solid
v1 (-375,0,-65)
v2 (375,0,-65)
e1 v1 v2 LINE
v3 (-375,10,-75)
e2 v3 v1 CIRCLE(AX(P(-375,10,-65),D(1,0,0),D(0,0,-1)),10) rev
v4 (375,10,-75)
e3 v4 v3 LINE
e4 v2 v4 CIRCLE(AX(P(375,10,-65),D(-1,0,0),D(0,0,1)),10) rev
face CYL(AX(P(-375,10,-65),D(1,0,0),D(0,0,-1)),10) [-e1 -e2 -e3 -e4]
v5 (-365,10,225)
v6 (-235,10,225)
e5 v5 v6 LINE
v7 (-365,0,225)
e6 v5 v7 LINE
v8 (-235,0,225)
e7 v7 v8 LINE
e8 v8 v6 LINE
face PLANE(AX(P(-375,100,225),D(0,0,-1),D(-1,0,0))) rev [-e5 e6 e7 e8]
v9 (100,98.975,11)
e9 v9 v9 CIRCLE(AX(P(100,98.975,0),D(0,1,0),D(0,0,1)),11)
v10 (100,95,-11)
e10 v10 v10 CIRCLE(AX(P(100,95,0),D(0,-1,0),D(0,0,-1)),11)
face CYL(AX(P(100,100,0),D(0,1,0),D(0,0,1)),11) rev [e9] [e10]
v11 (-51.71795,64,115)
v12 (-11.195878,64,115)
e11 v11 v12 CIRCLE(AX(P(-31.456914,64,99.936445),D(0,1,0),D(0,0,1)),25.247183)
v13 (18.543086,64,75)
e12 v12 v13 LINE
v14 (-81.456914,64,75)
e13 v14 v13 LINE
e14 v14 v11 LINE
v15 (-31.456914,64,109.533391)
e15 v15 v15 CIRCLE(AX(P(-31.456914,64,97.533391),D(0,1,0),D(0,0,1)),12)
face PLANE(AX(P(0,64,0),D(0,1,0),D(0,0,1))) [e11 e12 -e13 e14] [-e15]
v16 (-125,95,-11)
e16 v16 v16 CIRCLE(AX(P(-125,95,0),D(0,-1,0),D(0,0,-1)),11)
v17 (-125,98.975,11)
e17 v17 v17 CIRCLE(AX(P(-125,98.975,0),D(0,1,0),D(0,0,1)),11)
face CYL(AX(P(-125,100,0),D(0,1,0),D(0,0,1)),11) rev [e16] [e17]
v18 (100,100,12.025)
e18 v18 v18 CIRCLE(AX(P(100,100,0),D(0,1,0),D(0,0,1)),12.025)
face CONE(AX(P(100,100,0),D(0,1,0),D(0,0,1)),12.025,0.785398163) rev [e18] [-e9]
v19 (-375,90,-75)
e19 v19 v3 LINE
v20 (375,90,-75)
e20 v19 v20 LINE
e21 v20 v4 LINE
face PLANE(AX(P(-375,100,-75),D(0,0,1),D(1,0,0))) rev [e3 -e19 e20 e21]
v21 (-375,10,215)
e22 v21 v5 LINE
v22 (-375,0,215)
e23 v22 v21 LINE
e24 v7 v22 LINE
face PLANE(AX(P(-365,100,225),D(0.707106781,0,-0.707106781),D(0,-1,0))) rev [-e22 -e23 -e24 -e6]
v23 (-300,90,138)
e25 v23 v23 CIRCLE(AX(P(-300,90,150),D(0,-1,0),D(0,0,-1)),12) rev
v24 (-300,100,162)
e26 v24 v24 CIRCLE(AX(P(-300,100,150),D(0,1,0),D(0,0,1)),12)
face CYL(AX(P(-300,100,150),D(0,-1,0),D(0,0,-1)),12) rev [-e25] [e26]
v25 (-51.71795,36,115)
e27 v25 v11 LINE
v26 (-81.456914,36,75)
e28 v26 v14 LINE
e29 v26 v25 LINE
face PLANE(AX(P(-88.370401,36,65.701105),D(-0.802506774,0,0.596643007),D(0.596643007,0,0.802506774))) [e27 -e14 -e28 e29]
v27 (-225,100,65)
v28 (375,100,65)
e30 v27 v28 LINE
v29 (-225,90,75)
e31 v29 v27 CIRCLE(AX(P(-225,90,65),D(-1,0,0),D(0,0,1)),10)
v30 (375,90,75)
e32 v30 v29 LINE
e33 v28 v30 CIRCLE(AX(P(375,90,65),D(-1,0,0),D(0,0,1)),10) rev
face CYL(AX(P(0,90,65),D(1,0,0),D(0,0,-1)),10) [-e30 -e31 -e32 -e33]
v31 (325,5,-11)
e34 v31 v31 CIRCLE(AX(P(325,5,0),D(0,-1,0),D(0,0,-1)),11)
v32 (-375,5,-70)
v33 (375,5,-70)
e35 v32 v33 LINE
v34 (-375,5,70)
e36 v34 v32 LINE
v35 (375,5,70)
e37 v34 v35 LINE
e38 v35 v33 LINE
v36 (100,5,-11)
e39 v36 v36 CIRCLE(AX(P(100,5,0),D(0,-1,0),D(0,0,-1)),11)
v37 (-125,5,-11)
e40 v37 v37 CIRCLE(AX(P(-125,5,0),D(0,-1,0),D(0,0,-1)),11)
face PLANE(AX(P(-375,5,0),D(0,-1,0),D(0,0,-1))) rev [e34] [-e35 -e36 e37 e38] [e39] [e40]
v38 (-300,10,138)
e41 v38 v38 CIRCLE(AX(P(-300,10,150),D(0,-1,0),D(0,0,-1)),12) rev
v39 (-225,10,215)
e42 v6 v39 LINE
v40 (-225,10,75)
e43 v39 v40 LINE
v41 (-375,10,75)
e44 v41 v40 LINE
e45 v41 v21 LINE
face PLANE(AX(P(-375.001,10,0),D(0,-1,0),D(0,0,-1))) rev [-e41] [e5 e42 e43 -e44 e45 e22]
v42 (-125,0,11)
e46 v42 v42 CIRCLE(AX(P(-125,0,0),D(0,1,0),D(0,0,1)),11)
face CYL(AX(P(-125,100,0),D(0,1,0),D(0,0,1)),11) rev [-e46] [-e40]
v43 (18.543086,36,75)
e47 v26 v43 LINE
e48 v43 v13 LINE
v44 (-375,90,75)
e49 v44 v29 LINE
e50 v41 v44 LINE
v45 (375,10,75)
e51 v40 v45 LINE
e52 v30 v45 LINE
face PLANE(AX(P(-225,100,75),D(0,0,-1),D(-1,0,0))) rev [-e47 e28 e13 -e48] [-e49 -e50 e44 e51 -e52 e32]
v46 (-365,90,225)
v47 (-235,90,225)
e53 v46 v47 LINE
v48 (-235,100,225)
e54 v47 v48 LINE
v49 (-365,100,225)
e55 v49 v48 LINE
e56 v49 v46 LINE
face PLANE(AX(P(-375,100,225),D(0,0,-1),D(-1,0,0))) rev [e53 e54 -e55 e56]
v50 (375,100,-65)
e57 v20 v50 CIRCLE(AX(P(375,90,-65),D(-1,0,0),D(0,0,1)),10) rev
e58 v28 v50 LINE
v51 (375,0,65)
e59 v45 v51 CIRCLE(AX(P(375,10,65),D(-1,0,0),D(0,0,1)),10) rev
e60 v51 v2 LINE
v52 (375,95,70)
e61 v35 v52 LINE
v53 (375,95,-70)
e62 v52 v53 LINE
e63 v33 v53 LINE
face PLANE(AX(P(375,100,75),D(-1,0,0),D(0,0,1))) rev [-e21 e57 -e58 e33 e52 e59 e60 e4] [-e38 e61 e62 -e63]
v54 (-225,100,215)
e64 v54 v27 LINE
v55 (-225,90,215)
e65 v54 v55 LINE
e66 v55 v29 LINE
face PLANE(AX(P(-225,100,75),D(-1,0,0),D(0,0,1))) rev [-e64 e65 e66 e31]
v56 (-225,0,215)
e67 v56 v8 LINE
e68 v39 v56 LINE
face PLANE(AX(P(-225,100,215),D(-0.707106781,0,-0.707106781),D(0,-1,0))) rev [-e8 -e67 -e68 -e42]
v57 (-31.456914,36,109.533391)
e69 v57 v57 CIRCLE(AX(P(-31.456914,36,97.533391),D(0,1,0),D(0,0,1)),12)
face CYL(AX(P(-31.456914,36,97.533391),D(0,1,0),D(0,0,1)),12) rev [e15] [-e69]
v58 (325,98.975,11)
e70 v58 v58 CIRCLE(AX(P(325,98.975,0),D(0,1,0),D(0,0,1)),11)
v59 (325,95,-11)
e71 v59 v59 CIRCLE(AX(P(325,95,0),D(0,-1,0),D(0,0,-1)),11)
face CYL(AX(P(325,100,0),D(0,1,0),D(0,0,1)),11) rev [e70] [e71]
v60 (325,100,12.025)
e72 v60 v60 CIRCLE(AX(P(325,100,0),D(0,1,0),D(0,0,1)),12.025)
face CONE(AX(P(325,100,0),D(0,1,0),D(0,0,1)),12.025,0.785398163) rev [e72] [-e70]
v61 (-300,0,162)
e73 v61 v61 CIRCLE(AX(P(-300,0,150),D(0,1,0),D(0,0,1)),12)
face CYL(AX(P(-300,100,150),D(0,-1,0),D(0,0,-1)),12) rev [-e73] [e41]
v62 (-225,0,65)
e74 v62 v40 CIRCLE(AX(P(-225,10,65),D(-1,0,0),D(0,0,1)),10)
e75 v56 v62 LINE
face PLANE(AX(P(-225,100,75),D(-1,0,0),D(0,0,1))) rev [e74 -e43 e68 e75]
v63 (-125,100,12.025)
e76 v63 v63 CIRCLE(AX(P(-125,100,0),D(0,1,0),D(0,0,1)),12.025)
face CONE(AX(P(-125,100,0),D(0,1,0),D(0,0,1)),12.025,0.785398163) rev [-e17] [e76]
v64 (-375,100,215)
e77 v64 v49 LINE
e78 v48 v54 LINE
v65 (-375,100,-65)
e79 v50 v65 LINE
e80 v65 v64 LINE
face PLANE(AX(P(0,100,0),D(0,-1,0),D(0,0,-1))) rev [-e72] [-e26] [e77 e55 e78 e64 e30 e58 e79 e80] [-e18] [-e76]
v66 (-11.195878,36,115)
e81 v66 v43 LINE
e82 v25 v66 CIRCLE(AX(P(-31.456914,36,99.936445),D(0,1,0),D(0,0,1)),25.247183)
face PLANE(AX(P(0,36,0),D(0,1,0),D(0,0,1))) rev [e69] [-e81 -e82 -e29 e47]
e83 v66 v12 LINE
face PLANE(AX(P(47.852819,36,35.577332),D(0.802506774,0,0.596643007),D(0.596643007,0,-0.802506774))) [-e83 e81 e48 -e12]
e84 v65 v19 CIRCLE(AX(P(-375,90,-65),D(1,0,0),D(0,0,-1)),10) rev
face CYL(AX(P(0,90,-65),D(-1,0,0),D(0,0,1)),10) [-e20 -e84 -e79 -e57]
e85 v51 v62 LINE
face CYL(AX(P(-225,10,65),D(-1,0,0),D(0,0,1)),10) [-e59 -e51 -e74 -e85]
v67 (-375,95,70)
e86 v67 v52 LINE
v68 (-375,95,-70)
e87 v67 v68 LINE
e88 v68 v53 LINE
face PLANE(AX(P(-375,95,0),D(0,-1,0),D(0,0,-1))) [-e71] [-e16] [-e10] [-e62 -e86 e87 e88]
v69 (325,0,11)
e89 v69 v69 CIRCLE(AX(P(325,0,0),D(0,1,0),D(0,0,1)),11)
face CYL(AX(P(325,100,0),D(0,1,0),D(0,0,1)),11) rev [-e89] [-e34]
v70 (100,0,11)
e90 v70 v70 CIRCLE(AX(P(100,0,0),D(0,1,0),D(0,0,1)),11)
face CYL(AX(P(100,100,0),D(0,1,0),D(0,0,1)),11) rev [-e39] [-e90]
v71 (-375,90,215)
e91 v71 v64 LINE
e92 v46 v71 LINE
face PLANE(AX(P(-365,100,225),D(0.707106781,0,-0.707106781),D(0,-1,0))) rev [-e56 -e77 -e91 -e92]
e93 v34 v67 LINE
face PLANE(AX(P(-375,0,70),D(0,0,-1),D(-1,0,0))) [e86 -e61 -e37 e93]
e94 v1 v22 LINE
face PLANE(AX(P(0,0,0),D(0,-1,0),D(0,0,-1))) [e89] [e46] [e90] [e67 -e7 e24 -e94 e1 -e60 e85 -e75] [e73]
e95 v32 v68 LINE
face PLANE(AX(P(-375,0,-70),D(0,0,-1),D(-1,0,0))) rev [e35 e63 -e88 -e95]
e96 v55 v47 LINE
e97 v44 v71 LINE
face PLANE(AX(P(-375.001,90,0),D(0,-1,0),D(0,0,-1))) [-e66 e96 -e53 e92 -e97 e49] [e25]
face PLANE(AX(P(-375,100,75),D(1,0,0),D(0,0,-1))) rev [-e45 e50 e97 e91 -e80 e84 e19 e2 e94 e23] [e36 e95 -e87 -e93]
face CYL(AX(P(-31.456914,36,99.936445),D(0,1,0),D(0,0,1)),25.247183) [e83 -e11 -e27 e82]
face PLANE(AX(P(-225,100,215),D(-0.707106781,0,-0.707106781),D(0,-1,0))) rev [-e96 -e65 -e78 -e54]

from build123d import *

# Parameters (mm, degrees)
SKETCH1_R                        = 12
BOSS_EXTRUDE1_DEPTH              = 100
SKETCH2_W                        = 140
SKETCH2_H                        = 90
CUT_EXTRUDE1_DEPTH               = 790.382670192
CUT_EXTRUDE2_START               = 225
SKETCH3_W                        = 47.5
SKETCH3_H                        = 80
SKETCH3_W_2                      = 102.5
SKETCH3_W_3                      = 150
CUT_EXTRUDE2_DEPTH               = 150
FILLET2_R                        = 10
FILLET4_R                        = 10
CHAMFER1_SIZE                    = 10
M24X2_0_TAPPED_HOLE1_D           = 22
M24X2_0_TAPPED_HOLE1_CSINK_D     = 24.05
M24X2_0_TAPPED_HOLE1_CSINK_ANGLE = 90
BOSS_EXTRUDE3_START              = -36
SKETCH7_R                        = 12
BOSS_EXTRUDE3_DEPTH              = 28


with BuildPart() as part:
    # Sketch1 → Boss-Extrude1 (new body)
    with BuildSketch(Plane(origin=(0, 0, 0), x_dir=(1, 0, 0), z_dir=(0, 1, 0))):
        Polygon((-375, 75), (375, 75), (375, -75), (-225, -75), (-225, -225), (-375, -225), (-375, -75), align=None)
        with Locations(Location((-300, -150, 0), (0, 0, 270))):
            Circle(SKETCH1_R, mode=Mode.SUBTRACT)
    extrude(amount=BOSS_EXTRUDE1_DEPTH)

    # Sketch2 → Cut-Extrude1 (cut, through all)
    with BuildSketch(Plane(origin=(375, 0, 0), x_dir=(0, 0, -1), z_dir=(1, 0, 0))):
        with Locations((0, 50)):
            Rectangle(SKETCH2_W, SKETCH2_H)
    extrude(amount=-CUT_EXTRUDE1_DEPTH, mode=Mode.SUBTRACT)

    # Sketch3 → Cut-Extrude2 (cut)
    with BuildSketch(Plane.ZY.offset(CUT_EXTRUDE2_START)):
        with Locations((351.25, 50)):
            Rectangle(SKETCH3_W, SKETCH3_H)
        with Locations((276.25, 50)):
            Rectangle(SKETCH3_W_2, SKETCH3_H)
        with Locations((150, 50)):
            Rectangle(SKETCH3_W_3, SKETCH3_H)
    extrude(amount=CUT_EXTRUDE2_DEPTH, mode=Mode.SUBTRACT)

    # Fillet2
    fillet2_edges = [part.edges().sort_by_distance(p)[0] for p in [
        (0, 100, -75),
        (0, 0, -75),
    ]]
    fillet(fillet2_edges, radius=FILLET2_R)

    # Fillet4
    fillet4_edges = [part.edges().sort_by_distance(p)[0] for p in [
        (75, 100, 75),
        (75, 0, 75),
    ]]
    fillet(fillet4_edges, radius=FILLET4_R)

    # Chamfer1
    chamfer1_edges = [part.edges().sort_by_distance(p)[0] for p in [
        (-225, 95, 225),
        (-375, 95, 225),
        (-225, 5, 225),
        (-375, 5, 225),
    ]]
    chamfer(chamfer1_edges, length=CHAMFER1_SIZE)

    # M24x2.0 Tapped Hole1 (through all)
    with Locations(Plane(origin=(0, 100, 0), x_dir=(1, 0, 0), z_dir=(0, 1, 0))):
        with Locations((100, 0), (325, 0), (-125, 0)):
            CounterSinkHole(M24X2_0_TAPPED_HOLE1_D / 2, M24X2_0_TAPPED_HOLE1_CSINK_D / 2, counter_sink_angle=M24X2_0_TAPPED_HOLE1_CSINK_ANGLE)

    # Sketch7 → Boss-Extrude3 (add)
    with BuildSketch(Plane(origin=(0, 100, 0), x_dir=(1, 0, 0), z_dir=(0, 1, 0)).offset(BOSS_EXTRUDE3_START)):
        with BuildLine():
            Line((-81.456914067, -75), (-51.717949801, -115))
            ThreePointArc((-51.717949801, -115), (-31.456914067, -125.183627997), (-11.195878332, -115))
            Line((-11.195878332, -115), (18.543085933, -75))
            Line((18.543085933, -75), (-81.456914067, -75))
        make_face()
        with Locations(Location((-31.456914067, -97.533391436, 0), (0, 0, 270))):
            Circle(SKETCH7_R, mode=Mode.SUBTRACT)
    extrude(amount=-BOSS_EXTRUDE3_DEPTH)


solid = part.part
